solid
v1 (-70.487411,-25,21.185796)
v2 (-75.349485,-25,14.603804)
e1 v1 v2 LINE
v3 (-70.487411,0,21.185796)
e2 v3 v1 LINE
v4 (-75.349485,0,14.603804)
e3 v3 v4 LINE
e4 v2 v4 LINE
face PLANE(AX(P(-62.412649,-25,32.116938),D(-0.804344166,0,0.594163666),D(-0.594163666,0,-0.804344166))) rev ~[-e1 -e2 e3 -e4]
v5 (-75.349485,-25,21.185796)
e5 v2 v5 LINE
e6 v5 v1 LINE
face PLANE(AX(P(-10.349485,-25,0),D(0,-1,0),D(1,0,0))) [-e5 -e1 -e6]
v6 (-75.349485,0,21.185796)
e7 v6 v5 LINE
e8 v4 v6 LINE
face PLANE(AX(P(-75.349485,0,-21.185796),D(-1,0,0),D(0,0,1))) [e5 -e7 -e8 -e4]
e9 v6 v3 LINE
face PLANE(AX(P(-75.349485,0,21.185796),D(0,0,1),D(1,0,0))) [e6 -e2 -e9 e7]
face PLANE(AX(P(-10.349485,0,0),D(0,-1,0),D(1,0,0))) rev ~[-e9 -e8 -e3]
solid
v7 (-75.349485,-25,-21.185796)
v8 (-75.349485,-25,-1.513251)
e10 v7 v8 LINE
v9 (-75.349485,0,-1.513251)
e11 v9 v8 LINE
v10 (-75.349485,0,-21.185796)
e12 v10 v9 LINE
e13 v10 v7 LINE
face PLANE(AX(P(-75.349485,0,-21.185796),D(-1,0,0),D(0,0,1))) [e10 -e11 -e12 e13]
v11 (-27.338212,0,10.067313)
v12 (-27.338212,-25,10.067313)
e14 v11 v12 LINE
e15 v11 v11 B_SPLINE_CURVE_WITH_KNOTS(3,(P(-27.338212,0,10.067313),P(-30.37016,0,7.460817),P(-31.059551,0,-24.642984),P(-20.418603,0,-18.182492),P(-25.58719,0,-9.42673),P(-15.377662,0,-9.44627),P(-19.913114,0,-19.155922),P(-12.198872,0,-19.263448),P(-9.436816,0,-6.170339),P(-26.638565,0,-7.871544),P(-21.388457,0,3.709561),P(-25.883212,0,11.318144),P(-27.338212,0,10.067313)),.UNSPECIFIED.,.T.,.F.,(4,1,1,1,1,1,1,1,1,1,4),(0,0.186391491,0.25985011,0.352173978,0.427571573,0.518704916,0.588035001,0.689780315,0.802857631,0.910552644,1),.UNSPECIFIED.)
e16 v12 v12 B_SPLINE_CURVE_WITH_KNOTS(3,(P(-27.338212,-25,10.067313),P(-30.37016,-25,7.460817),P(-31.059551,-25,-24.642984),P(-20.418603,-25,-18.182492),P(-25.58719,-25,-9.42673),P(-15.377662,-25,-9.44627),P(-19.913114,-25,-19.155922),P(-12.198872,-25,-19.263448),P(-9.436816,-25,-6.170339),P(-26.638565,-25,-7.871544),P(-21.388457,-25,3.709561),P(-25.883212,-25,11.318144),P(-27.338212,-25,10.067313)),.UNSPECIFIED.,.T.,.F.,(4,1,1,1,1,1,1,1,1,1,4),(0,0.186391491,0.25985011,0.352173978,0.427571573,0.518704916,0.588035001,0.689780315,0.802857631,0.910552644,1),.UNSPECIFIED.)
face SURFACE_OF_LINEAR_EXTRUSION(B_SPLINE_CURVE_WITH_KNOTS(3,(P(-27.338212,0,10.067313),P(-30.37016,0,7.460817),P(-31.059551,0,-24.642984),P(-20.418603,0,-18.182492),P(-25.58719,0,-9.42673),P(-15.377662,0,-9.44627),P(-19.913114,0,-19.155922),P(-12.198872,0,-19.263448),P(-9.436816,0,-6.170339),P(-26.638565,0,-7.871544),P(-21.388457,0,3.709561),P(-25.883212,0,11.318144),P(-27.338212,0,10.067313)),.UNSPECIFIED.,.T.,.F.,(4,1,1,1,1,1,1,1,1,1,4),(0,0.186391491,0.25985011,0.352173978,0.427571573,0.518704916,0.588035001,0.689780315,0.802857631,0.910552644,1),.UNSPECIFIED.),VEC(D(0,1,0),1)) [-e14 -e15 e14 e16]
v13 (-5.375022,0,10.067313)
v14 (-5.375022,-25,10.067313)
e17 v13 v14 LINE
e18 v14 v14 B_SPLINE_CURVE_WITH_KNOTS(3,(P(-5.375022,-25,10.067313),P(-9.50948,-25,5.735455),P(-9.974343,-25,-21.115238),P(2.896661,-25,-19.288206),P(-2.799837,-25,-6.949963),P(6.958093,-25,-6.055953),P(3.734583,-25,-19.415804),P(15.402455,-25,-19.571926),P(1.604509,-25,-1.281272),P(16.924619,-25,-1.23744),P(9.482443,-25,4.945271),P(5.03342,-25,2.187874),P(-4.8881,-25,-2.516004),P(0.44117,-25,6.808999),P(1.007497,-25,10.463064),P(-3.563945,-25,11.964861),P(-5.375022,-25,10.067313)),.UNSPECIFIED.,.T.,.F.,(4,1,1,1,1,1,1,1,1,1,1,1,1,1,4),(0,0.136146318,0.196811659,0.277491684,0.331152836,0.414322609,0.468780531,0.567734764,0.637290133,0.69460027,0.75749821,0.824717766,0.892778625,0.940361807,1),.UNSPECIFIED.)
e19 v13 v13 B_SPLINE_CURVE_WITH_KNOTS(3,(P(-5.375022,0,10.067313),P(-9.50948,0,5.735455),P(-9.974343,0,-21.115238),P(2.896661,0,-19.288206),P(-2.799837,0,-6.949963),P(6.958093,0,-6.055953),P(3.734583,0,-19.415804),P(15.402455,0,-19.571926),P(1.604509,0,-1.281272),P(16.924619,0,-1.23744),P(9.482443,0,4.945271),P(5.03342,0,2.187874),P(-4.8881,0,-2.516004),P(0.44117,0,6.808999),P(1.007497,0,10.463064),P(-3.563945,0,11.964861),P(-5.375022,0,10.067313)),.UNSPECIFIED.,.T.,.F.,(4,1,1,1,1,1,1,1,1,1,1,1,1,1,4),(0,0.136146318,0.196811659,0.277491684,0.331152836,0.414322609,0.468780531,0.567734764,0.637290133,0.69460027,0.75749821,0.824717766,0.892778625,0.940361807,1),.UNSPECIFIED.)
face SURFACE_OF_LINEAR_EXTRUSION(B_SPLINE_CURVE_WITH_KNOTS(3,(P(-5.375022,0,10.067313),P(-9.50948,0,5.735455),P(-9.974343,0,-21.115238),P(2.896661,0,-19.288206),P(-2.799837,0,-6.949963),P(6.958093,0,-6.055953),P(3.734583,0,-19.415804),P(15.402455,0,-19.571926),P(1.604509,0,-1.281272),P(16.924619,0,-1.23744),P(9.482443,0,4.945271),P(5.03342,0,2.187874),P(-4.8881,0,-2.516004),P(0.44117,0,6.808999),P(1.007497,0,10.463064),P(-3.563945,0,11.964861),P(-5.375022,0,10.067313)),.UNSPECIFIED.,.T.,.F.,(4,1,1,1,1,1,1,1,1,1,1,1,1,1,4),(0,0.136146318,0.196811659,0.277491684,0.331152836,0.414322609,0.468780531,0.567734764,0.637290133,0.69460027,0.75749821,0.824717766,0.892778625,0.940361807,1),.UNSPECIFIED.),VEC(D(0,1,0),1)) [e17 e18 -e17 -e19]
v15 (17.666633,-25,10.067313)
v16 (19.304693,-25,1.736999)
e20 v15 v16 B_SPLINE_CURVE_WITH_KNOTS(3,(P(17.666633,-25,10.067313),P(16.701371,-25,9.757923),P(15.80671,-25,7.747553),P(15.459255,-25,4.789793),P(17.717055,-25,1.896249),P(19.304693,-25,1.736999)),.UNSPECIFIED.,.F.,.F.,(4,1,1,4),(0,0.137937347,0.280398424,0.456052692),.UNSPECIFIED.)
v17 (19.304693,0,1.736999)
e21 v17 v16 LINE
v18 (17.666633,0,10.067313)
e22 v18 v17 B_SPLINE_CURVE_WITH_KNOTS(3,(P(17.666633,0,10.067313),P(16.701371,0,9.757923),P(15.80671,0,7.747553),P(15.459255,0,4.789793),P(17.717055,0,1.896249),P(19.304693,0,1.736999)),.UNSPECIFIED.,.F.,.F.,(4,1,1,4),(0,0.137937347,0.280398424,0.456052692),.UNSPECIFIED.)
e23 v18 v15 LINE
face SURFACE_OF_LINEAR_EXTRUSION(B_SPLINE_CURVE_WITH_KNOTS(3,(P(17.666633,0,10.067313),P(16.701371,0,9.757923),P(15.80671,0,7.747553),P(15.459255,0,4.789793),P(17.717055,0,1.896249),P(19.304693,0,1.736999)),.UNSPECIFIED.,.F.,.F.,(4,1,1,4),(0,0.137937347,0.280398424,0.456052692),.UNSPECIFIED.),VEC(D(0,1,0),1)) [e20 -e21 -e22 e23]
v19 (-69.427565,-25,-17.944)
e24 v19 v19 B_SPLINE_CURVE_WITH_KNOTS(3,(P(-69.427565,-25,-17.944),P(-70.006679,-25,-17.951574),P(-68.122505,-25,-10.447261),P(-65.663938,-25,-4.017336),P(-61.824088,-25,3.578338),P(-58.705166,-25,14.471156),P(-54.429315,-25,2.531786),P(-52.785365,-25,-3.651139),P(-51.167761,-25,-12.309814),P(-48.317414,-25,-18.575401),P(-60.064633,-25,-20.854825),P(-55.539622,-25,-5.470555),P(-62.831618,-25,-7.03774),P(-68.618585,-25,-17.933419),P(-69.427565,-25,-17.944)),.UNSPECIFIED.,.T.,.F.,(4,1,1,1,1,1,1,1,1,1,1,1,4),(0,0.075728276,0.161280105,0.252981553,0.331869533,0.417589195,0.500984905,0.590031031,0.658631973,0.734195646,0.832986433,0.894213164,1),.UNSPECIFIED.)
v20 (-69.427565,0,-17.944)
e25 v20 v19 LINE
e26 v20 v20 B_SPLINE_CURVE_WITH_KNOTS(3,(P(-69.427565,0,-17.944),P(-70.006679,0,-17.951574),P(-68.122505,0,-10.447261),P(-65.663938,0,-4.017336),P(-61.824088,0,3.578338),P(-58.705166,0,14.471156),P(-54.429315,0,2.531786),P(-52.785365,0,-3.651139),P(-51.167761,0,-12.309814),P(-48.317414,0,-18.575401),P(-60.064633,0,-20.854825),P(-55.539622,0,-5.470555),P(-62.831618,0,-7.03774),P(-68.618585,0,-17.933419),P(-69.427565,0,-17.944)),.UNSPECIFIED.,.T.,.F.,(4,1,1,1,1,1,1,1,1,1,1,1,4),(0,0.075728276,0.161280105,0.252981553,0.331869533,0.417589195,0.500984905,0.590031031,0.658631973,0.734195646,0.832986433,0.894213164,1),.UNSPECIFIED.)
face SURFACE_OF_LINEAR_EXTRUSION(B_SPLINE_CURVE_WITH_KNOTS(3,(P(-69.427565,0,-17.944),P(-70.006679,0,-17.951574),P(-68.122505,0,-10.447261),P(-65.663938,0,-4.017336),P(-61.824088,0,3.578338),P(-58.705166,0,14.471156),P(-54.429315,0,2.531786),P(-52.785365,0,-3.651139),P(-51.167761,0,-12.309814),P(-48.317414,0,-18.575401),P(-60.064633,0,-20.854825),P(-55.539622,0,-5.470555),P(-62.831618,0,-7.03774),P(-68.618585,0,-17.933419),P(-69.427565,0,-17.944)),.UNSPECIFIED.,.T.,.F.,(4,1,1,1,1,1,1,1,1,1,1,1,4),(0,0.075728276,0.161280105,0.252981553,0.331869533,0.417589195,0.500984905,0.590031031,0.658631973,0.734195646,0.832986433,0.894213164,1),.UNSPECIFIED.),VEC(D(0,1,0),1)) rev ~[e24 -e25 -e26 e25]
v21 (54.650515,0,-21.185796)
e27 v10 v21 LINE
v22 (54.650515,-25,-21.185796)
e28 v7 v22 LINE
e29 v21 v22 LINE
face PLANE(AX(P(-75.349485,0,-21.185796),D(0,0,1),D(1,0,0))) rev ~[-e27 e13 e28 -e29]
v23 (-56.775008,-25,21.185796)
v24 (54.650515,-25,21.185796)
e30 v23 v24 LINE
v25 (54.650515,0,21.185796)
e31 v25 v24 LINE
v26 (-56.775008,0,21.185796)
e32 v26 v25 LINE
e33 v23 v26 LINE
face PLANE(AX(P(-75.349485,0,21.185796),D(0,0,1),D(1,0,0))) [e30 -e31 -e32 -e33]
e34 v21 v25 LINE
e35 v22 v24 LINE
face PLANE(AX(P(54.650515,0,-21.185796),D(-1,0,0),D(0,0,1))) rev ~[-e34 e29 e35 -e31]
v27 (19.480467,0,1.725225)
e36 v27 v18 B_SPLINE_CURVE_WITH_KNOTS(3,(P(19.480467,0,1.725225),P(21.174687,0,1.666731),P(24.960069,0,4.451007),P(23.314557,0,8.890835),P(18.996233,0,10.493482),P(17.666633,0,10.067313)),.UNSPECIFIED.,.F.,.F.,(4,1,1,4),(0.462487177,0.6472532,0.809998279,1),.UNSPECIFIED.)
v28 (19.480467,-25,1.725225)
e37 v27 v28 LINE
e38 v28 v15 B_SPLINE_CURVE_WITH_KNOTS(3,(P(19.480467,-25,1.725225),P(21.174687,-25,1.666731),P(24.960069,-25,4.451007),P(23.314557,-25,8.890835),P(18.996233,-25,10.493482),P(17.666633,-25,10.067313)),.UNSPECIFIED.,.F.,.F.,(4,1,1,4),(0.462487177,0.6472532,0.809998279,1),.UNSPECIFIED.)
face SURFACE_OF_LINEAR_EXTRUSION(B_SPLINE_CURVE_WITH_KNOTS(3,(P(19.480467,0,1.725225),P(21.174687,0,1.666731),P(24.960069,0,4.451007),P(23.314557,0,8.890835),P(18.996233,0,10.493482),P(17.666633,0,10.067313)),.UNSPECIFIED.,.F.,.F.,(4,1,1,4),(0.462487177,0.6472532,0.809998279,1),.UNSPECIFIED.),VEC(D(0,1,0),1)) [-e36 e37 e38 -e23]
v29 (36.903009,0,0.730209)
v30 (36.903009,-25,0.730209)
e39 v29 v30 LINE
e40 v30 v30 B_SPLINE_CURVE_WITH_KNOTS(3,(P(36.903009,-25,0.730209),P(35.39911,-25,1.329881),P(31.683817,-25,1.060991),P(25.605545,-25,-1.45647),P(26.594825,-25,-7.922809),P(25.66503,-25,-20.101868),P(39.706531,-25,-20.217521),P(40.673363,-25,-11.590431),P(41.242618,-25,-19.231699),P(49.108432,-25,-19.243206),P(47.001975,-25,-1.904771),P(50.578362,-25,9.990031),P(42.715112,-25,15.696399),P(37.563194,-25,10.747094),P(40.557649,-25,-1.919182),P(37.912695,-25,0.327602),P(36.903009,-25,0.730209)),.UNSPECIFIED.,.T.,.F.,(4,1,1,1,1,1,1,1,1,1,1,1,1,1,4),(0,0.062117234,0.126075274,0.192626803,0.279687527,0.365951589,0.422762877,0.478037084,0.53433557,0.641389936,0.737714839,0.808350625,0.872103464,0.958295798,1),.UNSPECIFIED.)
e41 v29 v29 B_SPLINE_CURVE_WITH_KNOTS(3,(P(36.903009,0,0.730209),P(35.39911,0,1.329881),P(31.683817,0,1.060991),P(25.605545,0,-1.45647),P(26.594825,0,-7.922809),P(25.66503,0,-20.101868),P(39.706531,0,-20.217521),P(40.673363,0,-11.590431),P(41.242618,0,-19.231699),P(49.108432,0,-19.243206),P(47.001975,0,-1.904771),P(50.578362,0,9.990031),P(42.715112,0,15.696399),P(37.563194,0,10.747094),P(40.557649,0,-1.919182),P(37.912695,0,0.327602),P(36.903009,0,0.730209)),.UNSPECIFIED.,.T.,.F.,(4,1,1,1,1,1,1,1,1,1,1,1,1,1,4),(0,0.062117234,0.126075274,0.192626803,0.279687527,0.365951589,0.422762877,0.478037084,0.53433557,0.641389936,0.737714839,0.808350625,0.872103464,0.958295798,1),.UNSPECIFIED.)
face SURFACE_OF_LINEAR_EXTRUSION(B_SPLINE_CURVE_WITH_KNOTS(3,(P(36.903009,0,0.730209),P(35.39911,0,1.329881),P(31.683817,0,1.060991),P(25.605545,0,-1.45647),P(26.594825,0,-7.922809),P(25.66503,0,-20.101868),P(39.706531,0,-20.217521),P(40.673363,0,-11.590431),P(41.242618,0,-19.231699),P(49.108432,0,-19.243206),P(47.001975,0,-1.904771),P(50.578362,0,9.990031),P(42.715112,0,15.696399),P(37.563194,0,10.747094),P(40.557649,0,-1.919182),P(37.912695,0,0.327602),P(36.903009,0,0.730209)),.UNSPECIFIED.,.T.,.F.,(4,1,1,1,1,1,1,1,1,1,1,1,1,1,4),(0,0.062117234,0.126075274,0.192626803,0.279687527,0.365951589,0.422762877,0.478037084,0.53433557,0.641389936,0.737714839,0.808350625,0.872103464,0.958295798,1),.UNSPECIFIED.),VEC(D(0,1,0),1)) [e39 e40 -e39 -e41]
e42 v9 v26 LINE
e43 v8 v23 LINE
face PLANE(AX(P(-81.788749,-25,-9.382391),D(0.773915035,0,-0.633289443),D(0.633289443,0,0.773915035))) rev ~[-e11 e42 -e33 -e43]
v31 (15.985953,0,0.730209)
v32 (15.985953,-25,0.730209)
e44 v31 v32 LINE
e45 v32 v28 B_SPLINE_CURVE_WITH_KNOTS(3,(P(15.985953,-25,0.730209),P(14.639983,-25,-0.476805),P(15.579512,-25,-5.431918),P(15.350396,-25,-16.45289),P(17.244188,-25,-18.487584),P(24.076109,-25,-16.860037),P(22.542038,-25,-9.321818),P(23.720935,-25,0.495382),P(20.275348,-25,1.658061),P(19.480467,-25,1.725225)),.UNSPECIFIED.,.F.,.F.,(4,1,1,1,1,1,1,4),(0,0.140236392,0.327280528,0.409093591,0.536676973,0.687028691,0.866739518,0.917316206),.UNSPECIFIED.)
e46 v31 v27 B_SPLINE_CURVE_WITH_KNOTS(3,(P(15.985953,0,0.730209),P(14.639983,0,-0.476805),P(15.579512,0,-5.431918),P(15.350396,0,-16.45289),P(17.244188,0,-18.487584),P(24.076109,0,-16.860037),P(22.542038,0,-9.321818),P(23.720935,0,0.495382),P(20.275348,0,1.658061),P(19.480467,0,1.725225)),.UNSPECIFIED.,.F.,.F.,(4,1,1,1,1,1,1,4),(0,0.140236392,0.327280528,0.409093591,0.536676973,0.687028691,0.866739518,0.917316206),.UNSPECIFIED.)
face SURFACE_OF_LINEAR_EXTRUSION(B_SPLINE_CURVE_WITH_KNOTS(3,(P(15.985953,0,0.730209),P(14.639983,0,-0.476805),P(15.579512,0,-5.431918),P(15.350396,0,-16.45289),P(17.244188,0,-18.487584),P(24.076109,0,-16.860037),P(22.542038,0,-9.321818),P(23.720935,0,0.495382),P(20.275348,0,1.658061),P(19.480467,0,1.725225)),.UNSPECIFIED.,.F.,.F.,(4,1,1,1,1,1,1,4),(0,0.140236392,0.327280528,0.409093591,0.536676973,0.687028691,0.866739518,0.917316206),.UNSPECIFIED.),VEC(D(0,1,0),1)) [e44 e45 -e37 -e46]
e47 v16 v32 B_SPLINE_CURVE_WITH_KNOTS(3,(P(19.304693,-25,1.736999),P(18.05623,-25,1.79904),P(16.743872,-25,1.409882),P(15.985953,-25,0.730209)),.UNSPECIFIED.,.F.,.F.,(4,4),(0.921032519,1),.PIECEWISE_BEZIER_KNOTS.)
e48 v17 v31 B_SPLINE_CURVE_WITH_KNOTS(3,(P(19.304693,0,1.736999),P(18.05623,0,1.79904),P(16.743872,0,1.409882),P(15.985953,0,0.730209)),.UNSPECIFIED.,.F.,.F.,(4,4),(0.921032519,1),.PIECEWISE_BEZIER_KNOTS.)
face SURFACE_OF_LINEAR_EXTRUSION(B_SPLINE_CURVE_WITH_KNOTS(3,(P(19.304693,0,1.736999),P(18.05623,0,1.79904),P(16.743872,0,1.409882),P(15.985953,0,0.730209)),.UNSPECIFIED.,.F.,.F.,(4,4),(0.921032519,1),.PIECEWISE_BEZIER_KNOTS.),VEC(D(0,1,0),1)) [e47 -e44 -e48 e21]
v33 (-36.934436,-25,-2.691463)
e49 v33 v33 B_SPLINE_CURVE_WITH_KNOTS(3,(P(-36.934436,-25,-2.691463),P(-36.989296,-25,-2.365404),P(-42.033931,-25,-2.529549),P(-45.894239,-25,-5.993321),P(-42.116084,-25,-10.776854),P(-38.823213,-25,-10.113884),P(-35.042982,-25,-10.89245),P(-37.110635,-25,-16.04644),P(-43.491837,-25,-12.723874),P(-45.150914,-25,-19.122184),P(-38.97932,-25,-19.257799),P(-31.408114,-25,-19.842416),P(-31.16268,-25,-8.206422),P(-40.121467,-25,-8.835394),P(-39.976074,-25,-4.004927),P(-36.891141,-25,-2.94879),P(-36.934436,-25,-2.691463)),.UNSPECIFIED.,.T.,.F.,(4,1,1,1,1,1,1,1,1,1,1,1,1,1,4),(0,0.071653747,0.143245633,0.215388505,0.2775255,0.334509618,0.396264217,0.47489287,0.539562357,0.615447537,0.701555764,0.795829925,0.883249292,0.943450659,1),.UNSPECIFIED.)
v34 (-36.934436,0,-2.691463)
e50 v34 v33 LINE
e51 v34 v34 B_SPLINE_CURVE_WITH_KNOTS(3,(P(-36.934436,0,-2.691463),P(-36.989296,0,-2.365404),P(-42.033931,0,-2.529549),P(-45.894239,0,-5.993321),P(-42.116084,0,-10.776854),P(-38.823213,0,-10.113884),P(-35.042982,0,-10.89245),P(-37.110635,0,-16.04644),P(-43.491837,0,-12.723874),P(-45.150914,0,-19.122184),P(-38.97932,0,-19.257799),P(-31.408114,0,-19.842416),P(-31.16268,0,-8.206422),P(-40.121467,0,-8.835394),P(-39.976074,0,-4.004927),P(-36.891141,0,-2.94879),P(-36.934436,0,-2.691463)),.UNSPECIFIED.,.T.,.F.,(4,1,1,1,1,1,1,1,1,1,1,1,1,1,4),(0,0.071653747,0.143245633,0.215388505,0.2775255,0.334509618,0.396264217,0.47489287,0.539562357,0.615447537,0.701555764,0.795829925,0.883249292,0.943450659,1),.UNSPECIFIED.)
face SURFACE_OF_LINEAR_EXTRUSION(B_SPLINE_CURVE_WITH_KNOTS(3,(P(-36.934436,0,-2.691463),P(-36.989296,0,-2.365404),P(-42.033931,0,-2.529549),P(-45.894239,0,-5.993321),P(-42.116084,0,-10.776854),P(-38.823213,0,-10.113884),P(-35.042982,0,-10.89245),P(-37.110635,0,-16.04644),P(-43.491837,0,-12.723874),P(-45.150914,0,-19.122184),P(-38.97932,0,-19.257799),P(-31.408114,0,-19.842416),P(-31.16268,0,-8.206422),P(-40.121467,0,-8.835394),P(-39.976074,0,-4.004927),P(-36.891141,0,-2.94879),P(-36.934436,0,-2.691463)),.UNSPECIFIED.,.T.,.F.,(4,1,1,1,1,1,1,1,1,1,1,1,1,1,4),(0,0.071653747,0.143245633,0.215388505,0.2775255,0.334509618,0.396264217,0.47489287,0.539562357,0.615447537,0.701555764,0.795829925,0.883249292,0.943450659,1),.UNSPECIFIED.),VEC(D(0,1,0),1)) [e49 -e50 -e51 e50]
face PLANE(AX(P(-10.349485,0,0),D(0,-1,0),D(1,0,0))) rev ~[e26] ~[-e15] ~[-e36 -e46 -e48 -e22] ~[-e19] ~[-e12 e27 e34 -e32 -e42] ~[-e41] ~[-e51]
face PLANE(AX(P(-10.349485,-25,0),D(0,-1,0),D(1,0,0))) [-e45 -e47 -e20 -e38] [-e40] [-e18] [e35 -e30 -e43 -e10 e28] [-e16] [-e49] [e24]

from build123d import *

# Parameters (mm, degrees)
F0_W     = 130
F0_H     = 42.371591828
F1_DEPTH = 25
F3_DEPTH = 25


with BuildPart() as f1:
    # F0 (on Front) → F1 (new body)
    with BuildSketch(Plane.XZ):
        with Locations((-10.3494846661, 0)):
            Rectangle(F0_W, F0_H)
        with BuildLine():
            add(Edge.make_bspline(
                [(-69.4275648242, -17.9439997743), (-70.0066787547, -17.951573777), (-68.1225045924, -10.4472605536), (-65.6639382123, -4.0173364253), (-61.8240882068, 3.5783381374), (-58.7051659024, 14.4711562572), (-54.4293150344, 2.5317864271), (-52.7853652933, -3.6511387094), (-51.1677612807, -12.3098143944), (-48.3174143867, -18.5754014736), (-60.0646333046, -20.8548253532), (-55.5396215577, -5.4705547934), (-62.8316177006, -7.0377404983), (-68.6185852257, -17.9334194492), (-69.4275648242, -17.9439997743)],
                knots=[0, 0, 0, 0, 0.0757282761, 0.1612801051, 0.252981553, 0.3318695326, 0.4175891948, 0.5009849054, 0.5900310312, 0.658631973, 0.7341956463, 0.8329864325, 0.894213164, 1, 1, 1, 1], degree=3))
        make_face(mode=Mode.SUBTRACT)
        with BuildLine():
            add(Edge.make_bspline(
                [(-36.9344364151, -2.6914628612), (-36.9892961148, -2.3654036857), (-42.0339308576, -2.5295490199), (-45.8942392554, -5.9933214096), (-42.1160844213, -10.776853995), (-38.823212773, -10.1138843625), (-35.0429822393, -10.8924497782), (-37.1106348523, -16.0464404665), (-43.4918369439, -12.7238736942), (-45.1509136645, -19.1221843607), (-38.9793196162, -19.2577992291), (-31.4081143454, -19.8424160064), (-31.162680369, -8.2064217365), (-40.1214665254, -8.8353938382), (-39.9760736498, -4.0049266425), (-36.8911409839, -2.9487896903), (-36.9344364151, -2.6914628612)],
                knots=[0, 0, 0, 0, 0.0716537469, 0.1432456329, 0.2153885049, 0.2775255004, 0.3345096178, 0.3962642166, 0.4748928702, 0.5395623573, 0.6154475366, 0.7015557636, 0.7958299248, 0.8832492917, 0.9434506591, 1, 1, 1, 1], degree=3))
        make_face(mode=Mode.SUBTRACT)
        with BuildLine():
            add(Edge.make_bspline(
                [(-27.3382124125, 10.0673131163), (-30.3701595864, 7.4608169799), (-31.0595506867, -24.6429838067), (-20.4186029986, -18.1824915508), (-25.5871901185, -9.4267304897), (-15.3776622966, -9.4462697445), (-19.9131144847, -19.1559221002), (-12.1988721952, -19.2634479343), (-9.4368162171, -6.1703392301), (-26.6385645171, -7.8715442682), (-21.3884565919, 3.7095606653), (-25.8832122038, 11.3181437557), (-27.3382124125, 10.0673131163)],
                knots=[0, 0, 0, 0, 0.1863914911, 0.2598501103, 0.3521739781, 0.4275715734, 0.5187049158, 0.5880350008, 0.6897803146, 0.8028576313, 0.9105526439, 1, 1, 1, 1], degree=3))
        make_face(mode=Mode.SUBTRACT)
        with BuildLine():
            add(Edge.make_bspline(
                [(-5.3750223518, 10.0673131163), (-9.5094798263, 5.7354546812), (-9.9743426546, -21.1152384941), (2.8966613143, -19.288205824), (-2.7998367103, -6.9499629461), (6.9580930705, -6.0559531956), (3.7345827453, -19.4158042412), (15.4024553064, -19.5719256123), (1.6045094212, -1.2812719116), (16.9246187722, -1.2374396713), (9.4824425705, 4.9452707635), (5.0334196809, 2.187873636), (-4.8880998064, -2.5160036689), (0.4411702743, 6.8089985162), (1.0074966632, 10.4630642656), (-3.5639445443, 11.964861398), (-5.3750223518, 10.0673131163)],
                knots=[0, 0, 0, 0, 0.1361463177, 0.1968116589, 0.2774916842, 0.3311528363, 0.414322609, 0.4687805309, 0.567734764, 0.6372901329, 0.6946002699, 0.7574982099, 0.8247177661, 0.8927786255, 0.9403618066, 1, 1, 1, 1], degree=3))
        make_face(mode=Mode.SUBTRACT)
        with BuildLine():
            add(Edge.make_bspline(
                [(15.9859528259, 0.7302089854), (14.6399825769, -0.4768046859), (15.579512466, -5.4319184539), (15.3503958089, -16.4528899622), (17.2441881165, -18.4875835887), (24.0761091126, -16.8600368393), (22.542037808, -9.3218181732), (23.7209350071, 0.4953823488), (20.2753477416, 1.6580607493), (19.4804670847, 1.7252247134)],
                knots=[0, 0, 0, 0, 0.1402363922, 0.3272805278, 0.4090935907, 0.5366769735, 0.6870286914, 0.8667395175, 0.9173162055, 0.9173162055, 0.9173162055, 0.9173162055], degree=3))
            add(Edge.make_bspline(
                [(19.3046930763, 1.7369986813), (18.0562296041, 1.7990404839), (16.743872213, 1.4098815581), (15.9859528259, 0.7302089854)],
                knots=[0.9210325188, 0.9210325188, 0.9210325188, 0.9210325188, 1, 1, 1, 1], degree=3))
            add(Edge.make_bspline(
                [(17.6666327742, 10.0673131163), (16.701370661, 9.7579234139), (15.8067104885, 7.7475531563), (15.4592552337, 4.789792741), (17.7170550585, 1.8962491859), (19.3046930765, 1.7369986836)],
                knots=[0, 0, 0, 0, 0.1379373472, 0.2803984239, 0.456052692, 0.456052692, 0.456052692, 0.456052692], degree=3))
            add(Edge.make_bspline(
                [(19.4804670847, 1.7252247134), (21.1746867607, 1.6667310285), (24.9600693594, 4.4510067746), (23.3145567258, 8.8908353745), (18.99623253, 10.493481788), (17.6666327742, 10.0673131163)],
                knots=[0.462487177, 0.462487177, 0.462487177, 0.462487177, 0.6472532003, 0.8099982786, 1, 1, 1, 1], degree=3))
        make_face(mode=Mode.SUBTRACT)
        with BuildLine():
            add(Edge.make_bspline(
                [(36.9030086785, 0.7302089854), (35.3991096804, 1.329881376), (31.6838172319, 1.0609909086), (25.60554454, -1.4564700845), (26.5948249754, -7.9228091229), (25.6650303255, -20.101867691), (39.7065312387, -20.217520977), (40.6733626642, -11.5904312775), (41.2426184672, -19.231698643), (49.1084324398, -19.243205655), (47.0019750817, -1.9047709145), (50.5783616349, 9.9900311661), (42.7151118537, 15.6963985086), (37.5631944278, 10.7470943273), (40.5576489575, -1.9191818498), (37.9126947838, 0.3276015753), (36.9030086785, 0.7302089854)],
                knots=[0, 0, 0, 0, 0.0621172335, 0.1260752737, 0.1926268033, 0.2796875271, 0.3659515887, 0.4227628766, 0.4780370842, 0.5343355699, 0.6413899359, 0.7377148394, 0.8083506254, 0.8721034639, 0.958295798, 1, 1, 1, 1], degree=3))
        make_face(mode=Mode.SUBTRACT)
    extrude(amount=F1_DEPTH)

    # F2 (on face) → F3 (cut)
    with BuildSketch(Plane.XZ.offset(25)):
        Polygon((-50.799742341, 28.4879039973), (-62.4126493931, 32.1169383824), (-89.0860334039, -3.9919354022), (-81.7887487011, -9.3823908972), align=None)
    extrude(amount=-F3_DEPTH, mode=Mode.SUBTRACT)


solid = f1.part
